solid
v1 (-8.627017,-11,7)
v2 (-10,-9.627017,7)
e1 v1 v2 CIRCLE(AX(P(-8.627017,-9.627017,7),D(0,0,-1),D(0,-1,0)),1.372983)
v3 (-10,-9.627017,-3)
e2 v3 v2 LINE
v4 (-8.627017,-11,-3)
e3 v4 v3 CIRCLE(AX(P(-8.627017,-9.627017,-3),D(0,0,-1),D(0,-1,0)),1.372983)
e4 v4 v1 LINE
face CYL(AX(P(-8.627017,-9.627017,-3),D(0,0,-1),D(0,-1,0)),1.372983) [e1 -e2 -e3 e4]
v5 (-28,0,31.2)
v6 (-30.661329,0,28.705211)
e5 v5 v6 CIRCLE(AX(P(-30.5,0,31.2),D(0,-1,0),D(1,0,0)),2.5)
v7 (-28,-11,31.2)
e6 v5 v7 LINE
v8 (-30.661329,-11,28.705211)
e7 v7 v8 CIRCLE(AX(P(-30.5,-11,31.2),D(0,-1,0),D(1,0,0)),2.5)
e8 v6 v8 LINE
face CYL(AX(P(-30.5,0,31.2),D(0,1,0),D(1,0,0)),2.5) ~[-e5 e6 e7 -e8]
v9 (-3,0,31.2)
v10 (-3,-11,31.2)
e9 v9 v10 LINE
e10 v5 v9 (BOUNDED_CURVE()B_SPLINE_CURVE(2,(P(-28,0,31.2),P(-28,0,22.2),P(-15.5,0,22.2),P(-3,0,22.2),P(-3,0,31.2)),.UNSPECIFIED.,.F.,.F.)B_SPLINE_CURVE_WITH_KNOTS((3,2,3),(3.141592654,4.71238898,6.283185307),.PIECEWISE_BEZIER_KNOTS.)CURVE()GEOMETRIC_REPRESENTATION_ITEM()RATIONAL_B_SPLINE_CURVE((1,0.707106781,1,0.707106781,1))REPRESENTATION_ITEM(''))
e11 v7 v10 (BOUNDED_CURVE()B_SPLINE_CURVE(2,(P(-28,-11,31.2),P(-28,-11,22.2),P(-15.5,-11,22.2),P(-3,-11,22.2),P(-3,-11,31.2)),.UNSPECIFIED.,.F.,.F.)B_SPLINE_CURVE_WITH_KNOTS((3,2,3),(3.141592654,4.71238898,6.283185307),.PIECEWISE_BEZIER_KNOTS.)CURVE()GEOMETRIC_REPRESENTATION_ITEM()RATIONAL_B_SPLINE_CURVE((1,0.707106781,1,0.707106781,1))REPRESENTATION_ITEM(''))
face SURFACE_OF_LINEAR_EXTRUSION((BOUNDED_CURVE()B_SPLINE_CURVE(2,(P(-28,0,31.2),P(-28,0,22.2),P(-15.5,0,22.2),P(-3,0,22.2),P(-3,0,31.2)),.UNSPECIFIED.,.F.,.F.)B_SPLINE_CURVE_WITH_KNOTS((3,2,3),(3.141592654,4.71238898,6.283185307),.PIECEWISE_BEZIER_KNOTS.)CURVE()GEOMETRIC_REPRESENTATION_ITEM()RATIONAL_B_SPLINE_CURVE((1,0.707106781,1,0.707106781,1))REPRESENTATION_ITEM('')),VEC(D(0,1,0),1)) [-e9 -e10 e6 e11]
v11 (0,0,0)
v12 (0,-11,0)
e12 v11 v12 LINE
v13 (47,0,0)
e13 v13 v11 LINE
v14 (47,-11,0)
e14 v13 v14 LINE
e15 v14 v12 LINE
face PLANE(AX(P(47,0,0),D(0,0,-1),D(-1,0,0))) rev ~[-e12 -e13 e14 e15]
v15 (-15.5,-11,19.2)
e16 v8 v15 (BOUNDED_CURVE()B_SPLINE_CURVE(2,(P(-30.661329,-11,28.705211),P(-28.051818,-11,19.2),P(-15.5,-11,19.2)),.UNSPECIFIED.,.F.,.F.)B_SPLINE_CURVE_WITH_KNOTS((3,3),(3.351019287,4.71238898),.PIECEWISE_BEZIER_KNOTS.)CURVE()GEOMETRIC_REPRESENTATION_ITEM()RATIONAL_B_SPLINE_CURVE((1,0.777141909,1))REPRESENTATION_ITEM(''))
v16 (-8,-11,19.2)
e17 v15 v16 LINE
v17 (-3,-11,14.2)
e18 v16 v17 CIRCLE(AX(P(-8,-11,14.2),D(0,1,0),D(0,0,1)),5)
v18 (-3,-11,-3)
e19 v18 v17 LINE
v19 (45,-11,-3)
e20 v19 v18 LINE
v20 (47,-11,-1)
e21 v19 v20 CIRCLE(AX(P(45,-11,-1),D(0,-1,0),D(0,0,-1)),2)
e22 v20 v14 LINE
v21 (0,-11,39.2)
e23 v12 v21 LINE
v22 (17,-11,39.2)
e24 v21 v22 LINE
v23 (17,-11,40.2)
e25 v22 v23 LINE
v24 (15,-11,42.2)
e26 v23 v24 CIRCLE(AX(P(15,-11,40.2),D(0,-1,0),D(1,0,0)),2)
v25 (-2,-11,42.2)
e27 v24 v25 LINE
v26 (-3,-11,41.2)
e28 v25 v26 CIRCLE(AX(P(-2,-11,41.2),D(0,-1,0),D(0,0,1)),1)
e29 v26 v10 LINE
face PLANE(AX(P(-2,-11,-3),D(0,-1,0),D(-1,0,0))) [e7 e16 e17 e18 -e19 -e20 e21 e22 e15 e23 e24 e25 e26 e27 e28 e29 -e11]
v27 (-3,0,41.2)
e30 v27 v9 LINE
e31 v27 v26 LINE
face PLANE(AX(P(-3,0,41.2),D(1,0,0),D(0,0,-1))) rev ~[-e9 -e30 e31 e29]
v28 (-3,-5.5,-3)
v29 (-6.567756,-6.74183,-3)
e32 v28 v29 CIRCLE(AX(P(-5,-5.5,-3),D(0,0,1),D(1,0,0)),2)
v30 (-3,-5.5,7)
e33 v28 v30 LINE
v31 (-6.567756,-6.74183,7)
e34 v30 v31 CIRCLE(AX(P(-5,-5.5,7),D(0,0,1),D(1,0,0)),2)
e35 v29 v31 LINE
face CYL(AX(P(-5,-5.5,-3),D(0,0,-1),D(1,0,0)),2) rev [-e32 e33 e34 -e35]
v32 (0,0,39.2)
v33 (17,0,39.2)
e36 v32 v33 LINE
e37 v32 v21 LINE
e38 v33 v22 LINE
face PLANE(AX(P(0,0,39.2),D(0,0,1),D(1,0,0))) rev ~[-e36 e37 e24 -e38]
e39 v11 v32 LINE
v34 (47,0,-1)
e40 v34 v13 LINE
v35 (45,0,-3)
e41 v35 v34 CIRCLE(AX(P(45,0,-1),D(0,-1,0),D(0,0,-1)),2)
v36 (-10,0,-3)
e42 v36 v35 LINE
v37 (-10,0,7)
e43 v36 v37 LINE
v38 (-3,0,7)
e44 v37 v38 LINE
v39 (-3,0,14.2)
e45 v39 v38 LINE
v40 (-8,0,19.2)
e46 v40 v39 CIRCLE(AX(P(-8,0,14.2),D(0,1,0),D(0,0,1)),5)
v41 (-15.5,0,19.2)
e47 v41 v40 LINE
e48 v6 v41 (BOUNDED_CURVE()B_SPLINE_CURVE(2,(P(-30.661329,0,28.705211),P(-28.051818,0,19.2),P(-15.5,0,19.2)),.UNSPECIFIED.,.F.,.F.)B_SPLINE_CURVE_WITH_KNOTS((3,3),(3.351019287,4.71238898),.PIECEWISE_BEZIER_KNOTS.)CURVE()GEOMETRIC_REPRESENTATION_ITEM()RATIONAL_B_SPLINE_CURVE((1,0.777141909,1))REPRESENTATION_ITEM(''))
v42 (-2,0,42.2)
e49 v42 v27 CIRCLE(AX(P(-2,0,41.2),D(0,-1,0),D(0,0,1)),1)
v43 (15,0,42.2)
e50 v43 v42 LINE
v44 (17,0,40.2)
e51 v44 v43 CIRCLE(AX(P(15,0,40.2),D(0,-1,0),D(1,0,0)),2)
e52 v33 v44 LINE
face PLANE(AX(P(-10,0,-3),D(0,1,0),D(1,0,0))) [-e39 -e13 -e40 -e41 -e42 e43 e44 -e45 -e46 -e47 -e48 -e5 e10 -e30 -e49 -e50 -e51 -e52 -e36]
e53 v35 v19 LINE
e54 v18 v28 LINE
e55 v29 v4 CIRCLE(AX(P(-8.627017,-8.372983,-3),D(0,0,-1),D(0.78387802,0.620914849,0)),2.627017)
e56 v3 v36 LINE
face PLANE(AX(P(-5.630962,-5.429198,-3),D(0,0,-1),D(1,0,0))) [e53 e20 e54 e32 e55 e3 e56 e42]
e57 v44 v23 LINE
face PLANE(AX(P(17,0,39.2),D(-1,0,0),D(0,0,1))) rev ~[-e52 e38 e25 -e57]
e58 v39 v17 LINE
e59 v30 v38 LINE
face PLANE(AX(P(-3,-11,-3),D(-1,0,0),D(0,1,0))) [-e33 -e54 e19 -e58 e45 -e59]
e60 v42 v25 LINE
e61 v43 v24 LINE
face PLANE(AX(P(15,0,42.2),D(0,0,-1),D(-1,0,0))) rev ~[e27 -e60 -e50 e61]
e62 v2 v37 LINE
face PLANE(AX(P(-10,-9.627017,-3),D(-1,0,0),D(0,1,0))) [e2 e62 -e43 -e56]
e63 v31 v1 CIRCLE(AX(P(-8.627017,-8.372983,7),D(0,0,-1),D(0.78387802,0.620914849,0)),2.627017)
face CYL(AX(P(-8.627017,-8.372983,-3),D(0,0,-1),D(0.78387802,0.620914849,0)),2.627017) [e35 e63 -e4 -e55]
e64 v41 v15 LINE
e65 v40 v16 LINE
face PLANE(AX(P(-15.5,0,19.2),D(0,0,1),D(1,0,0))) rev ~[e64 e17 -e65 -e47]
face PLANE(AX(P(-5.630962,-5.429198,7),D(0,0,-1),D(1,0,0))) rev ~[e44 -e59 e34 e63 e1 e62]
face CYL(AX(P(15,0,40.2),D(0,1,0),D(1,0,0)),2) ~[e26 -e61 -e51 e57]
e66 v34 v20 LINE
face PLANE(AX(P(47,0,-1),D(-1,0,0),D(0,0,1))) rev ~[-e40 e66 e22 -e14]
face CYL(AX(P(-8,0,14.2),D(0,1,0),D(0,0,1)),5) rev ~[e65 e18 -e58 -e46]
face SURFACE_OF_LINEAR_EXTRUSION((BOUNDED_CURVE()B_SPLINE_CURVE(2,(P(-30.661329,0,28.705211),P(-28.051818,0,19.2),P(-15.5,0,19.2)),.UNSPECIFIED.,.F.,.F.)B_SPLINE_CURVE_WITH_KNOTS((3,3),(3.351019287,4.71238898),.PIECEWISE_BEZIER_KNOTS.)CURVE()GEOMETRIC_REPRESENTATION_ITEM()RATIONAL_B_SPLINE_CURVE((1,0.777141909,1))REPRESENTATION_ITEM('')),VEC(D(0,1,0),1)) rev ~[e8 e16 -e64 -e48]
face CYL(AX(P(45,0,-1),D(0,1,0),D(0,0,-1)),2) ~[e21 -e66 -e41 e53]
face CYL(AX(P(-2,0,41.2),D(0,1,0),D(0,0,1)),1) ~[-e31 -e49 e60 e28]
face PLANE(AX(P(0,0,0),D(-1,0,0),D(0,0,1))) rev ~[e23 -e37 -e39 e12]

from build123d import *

# Parameters (mm, degrees)
F1_DEPTH = 11
F3_DEPTH = 10


with BuildPart() as f1:
    # F0 (on Front) → F1 (new body)
    with BuildSketch(Plane.XZ):
        with BuildLine():
            Line((47, 0), (0, 0))
            Line((0, 0), (0, 39.2))
            Line((0, 39.2), (17, 39.2))
            Line((17, 39.2), (17, 40.2))
            ThreePointArc((17, 40.2), (16.4142135624, 41.6142135624), (15, 42.2))
            Line((15, 42.2), (-2, 42.2))
            ThreePointArc((-2, 42.2), (-2.7071067812, 41.9071067812), (-3, 41.2))
            Line((-3, 41.2), (-3, 31.2))
            add(Edge.make_bspline(
                [(-28, 31.2), (-28, 22.2), (-15.5, 22.2), (-3, 22.2), (-3, 31.2)],
                knots=[3.1415926536, 3.1415926536, 3.1415926536, 4.7123889804, 4.7123889804, 6.2831853072, 6.2831853072, 6.2831853072], degree=2, weights=[1, 0.7071067812, 1, 0.7071067812, 1]))
            ThreePointArc((-28, 31.2), (-32.209777285, 33.0239138235), (-30.6613293085, 28.7052108598))
            add(Edge.make_bspline(
                [(-30.6613293085, 28.7052108598), (-28.0518177562, 19.2), (-15.5, 19.2)],
                knots=[3.3510192867, 3.3510192867, 3.3510192867, 4.7123889804, 4.7123889804, 4.7123889804], degree=2, weights=[1, 0.7771419095, 1]))
            Line((-15.5, 19.2), (-8, 19.2))
            ThreePointArc((-8, 19.2), (-4.4644660941, 17.7355339059), (-3, 14.2))
            Line((-3, 14.2), (-3, -2))
            ThreePointArc((-3, -2), (-2.7071067812, -2.7071067812), (-2, -3))
            Line((-2, -3), (45, -3))
            ThreePointArc((45, -3), (46.4142135624, -2.4142135624), (47, -1))
            Line((47, -1), (47, 0))
        make_face()
    extrude(amount=F1_DEPTH)

    # F2 (on face) → F3 (join)
    with BuildSketch(Plane(origin=(0, 0, -3), x_dir=(1, 0, 0), z_dir=(0, 0, -1))):
        with BuildLine():
            ThreePointArc((-3, 5.5), (-5.6574526292, 3.6111495453), (-6.5677560403, 6.7418296977))
            ThreePointArc((-6.5677560403, 6.7418296977), (-6.2620341698, 9.5166941269), (-8.6270166538, 11))
            ThreePointArc((-8.6270166538, 11), (-9.5978624884, 10.5978624884), (-10, 9.6270166538))
            Line((-10, 9.6270166538), (-10, 0))
            Line((-10, 0), (-2, 0))
            Line((-2, 0), (-2, 11))
            Line((-2, 11), (-3, 11))
            Line((-3, 11), (-3, 5.5))
        make_face()
    extrude(amount=-F3_DEPTH)


solid = f1.part
